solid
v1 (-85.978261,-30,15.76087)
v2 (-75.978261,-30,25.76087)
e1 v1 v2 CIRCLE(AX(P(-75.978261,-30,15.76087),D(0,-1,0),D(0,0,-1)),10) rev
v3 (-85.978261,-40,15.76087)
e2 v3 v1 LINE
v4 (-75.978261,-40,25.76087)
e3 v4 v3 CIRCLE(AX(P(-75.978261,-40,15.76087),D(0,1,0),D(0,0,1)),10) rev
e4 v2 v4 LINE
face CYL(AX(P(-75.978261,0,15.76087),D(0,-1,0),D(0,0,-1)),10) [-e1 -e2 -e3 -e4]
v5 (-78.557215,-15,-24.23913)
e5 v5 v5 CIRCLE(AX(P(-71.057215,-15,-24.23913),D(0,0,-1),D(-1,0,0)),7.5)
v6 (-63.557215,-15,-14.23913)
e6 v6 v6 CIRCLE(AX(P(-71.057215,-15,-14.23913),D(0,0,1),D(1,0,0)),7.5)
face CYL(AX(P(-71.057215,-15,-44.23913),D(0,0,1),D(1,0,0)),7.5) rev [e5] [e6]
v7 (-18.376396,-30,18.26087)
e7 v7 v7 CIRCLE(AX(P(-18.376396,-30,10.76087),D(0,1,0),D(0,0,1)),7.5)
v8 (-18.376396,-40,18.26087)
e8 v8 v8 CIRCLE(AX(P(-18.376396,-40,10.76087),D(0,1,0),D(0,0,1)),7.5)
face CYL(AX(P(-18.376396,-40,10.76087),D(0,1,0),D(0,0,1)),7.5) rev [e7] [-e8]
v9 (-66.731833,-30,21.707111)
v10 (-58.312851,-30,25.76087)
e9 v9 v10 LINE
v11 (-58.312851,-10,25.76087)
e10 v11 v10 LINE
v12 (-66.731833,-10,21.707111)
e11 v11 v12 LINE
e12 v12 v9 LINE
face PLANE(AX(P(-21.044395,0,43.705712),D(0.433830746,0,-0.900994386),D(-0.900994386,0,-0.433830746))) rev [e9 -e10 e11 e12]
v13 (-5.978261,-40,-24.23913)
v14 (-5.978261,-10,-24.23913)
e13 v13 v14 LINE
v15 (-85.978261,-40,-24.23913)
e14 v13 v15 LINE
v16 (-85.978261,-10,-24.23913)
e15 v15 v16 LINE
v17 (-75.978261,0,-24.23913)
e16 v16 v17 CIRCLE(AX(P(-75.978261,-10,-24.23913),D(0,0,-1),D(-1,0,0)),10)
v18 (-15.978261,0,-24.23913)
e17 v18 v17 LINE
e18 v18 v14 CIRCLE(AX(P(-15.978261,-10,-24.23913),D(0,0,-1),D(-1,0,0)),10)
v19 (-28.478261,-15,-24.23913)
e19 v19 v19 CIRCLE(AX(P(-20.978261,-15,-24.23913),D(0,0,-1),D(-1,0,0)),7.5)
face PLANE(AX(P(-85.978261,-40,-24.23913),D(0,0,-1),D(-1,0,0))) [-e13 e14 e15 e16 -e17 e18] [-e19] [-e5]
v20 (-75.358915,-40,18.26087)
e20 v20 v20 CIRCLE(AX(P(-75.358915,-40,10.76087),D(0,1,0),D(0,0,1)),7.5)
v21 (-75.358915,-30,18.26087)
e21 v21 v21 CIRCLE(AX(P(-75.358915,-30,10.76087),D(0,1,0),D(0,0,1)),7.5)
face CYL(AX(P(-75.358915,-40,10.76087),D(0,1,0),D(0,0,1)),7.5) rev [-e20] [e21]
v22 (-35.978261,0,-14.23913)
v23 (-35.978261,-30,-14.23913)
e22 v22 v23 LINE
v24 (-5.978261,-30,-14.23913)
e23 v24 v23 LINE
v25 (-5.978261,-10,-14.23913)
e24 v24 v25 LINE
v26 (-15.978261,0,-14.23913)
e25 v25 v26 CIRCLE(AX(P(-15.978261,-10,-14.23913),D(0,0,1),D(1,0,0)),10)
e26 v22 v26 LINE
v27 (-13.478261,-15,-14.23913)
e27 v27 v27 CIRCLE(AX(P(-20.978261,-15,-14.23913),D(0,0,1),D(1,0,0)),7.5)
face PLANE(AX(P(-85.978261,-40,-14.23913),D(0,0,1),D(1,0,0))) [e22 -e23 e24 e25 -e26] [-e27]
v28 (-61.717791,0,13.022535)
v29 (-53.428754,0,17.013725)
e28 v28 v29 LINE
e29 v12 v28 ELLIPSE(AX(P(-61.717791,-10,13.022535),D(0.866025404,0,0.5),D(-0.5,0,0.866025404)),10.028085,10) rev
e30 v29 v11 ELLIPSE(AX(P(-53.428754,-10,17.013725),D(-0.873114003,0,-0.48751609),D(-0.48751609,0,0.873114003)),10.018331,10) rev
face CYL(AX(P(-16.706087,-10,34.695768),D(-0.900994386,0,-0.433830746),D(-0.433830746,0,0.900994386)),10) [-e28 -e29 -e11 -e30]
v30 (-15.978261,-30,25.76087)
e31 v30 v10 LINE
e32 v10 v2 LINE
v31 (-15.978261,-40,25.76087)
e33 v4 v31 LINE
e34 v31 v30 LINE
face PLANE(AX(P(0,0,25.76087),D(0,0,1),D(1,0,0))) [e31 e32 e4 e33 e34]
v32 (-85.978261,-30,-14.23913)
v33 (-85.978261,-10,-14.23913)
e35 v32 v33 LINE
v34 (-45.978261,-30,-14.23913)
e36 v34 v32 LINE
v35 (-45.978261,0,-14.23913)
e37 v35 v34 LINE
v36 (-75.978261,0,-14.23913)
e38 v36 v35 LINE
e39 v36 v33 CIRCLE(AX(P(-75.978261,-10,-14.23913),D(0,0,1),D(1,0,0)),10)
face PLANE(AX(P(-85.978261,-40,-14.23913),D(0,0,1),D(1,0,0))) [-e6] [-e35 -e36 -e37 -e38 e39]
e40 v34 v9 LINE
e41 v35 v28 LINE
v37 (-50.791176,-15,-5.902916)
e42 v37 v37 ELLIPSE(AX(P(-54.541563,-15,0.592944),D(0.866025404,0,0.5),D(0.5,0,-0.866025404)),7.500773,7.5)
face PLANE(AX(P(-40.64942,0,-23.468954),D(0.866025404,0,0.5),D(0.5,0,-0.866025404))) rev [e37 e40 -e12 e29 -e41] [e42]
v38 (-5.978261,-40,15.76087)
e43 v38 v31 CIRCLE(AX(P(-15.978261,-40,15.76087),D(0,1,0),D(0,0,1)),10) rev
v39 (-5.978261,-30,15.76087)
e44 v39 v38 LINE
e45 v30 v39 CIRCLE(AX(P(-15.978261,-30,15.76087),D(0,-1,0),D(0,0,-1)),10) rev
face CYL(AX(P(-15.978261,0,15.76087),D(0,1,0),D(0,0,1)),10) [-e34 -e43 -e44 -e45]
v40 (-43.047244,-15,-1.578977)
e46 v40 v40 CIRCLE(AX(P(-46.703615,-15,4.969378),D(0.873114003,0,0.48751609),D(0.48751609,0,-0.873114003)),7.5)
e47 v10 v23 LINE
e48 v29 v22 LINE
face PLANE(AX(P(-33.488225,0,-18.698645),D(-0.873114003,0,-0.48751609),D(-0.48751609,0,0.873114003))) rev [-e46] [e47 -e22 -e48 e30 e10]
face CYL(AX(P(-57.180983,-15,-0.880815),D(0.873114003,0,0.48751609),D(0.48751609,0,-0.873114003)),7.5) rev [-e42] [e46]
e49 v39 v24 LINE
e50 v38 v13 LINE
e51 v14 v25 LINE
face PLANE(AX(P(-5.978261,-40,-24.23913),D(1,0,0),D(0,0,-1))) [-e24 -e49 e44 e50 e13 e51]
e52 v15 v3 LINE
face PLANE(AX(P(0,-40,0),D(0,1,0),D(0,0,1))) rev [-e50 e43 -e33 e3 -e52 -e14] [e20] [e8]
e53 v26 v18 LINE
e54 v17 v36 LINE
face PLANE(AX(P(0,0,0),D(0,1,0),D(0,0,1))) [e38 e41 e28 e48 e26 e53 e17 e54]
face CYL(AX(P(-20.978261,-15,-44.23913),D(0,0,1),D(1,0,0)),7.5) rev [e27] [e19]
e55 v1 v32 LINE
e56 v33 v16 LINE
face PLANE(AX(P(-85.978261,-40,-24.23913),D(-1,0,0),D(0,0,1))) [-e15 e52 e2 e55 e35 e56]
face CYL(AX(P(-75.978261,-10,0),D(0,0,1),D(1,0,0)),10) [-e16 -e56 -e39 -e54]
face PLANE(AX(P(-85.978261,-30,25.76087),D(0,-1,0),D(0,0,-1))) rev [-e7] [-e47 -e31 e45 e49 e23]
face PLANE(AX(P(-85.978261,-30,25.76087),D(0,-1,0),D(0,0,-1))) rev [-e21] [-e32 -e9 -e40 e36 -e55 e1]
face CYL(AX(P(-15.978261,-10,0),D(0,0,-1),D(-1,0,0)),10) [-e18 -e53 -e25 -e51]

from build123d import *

# Parameters (mm, degrees)
SKETCH1_W           = 80
SKETCH1_H           = 10
BOSS_EXTRUDE1_DEPTH = 40
SKETCH3_W           = 80
SKETCH3_H           = 10
BOSS_EXTRUDE2_DEPTH = 40
BOSS_EXTRUDE6_DEPTH = 30
SKETCH8_R           = 7.5
CUT_EXTRUDE1_DEPTH  = 10
SKETCH9_R           = 7.5
CUT_EXTRUDE2_DEPTH  = 30
FILLET1_R           = 10
SKETCH10_R          = 7.5
CUT_EXTRUDE3_DEPTH  = 12


with BuildPart() as part:
    # Sketch1 → Boss-Extrude1 (new body)
    with BuildSketch(Plane(origin=(0, 0, 0), x_dir=(1, 0, 0), z_dir=(0, 1, 0))):
        with Locations((-45.97826087, 19.239130435)):
            Rectangle(SKETCH1_W, SKETCH1_H)
    extrude(amount=-BOSS_EXTRUDE1_DEPTH)

    # Sketch3 → Boss-Extrude2 (add)
    with BuildSketch(Plane.XY.offset(-14.239130435)):
        with Locations((-45.97826087, -35)):
            Rectangle(SKETCH3_W, SKETCH3_H)
    extrude(amount=BOSS_EXTRUDE2_DEPTH)

    # Sketch7 → Boss-Extrude6 (add)
    with BuildSketch(Plane(origin=(0, -30, 0), x_dir=(1, 0, 0), z_dir=(0, 1, 0))):
        Polygon((-35.97826087, 14.239130435), (-45.97826087, 14.239130435), (-66.731833313, -21.707111476), (-58.312851229, -25.760869565), align=None)
    extrude(amount=BOSS_EXTRUDE6_DEPTH)

    # Sketch8 → Cut-Extrude1 (cut)
    with BuildSketch(Plane(origin=(0, -30, 0), x_dir=(1, 0, 0), z_dir=(0, 1, 0))):
        with Locations(Location((-18.3763958, -10.760869565, 0), (0, 0, 270))):
            Circle(SKETCH8_R)
        with Locations(Location((-75.358914669, -10.760869565, 0), (0, 0, 270))):
            Circle(SKETCH8_R)
    extrude(amount=-CUT_EXTRUDE1_DEPTH, mode=Mode.SUBTRACT)

    # Sketch9 → Cut-Extrude2 (cut)
    with BuildSketch(Plane.XY.offset(-14.239130435)):
        with Locations((-20.97826087, -15)):
            Circle(SKETCH9_R)
        with Locations((-71.057215434, -15)):
            Circle(SKETCH9_R)
    extrude(amount=-CUT_EXTRUDE2_DEPTH, mode=Mode.SUBTRACT)

    # Fillet1
    fillet1_edges = [part.edges().sort_by_distance(p)[0] for p in [
        (-5.97826087, -35, 25.760869565),
        (-85.97826087, -35, 25.760869565),
        (-62.522342271, 0, 23.733990521),
        (-85.97826087, 0, -19.239130435),
        (-5.97826087, 0, -19.239130435),
    ]]
    fillet(fillet1_edges, radius=FILLET1_R)

    # Sketch10 → Cut-Extrude3 (cut)
    with BuildSketch(Plane(origin=(-33.488225208, 0, -18.698644797), x_dir=(0.48751608982422123, 0, -0.873114002958664), z_dir=(0.873114002958664, 0, 0.48751608982422123))):
        with Locations((-27.107596885, -15)):
            Circle(SKETCH10_R)
    extrude(amount=-CUT_EXTRUDE3_DEPTH, mode=Mode.SUBTRACT)


solid = part.part
